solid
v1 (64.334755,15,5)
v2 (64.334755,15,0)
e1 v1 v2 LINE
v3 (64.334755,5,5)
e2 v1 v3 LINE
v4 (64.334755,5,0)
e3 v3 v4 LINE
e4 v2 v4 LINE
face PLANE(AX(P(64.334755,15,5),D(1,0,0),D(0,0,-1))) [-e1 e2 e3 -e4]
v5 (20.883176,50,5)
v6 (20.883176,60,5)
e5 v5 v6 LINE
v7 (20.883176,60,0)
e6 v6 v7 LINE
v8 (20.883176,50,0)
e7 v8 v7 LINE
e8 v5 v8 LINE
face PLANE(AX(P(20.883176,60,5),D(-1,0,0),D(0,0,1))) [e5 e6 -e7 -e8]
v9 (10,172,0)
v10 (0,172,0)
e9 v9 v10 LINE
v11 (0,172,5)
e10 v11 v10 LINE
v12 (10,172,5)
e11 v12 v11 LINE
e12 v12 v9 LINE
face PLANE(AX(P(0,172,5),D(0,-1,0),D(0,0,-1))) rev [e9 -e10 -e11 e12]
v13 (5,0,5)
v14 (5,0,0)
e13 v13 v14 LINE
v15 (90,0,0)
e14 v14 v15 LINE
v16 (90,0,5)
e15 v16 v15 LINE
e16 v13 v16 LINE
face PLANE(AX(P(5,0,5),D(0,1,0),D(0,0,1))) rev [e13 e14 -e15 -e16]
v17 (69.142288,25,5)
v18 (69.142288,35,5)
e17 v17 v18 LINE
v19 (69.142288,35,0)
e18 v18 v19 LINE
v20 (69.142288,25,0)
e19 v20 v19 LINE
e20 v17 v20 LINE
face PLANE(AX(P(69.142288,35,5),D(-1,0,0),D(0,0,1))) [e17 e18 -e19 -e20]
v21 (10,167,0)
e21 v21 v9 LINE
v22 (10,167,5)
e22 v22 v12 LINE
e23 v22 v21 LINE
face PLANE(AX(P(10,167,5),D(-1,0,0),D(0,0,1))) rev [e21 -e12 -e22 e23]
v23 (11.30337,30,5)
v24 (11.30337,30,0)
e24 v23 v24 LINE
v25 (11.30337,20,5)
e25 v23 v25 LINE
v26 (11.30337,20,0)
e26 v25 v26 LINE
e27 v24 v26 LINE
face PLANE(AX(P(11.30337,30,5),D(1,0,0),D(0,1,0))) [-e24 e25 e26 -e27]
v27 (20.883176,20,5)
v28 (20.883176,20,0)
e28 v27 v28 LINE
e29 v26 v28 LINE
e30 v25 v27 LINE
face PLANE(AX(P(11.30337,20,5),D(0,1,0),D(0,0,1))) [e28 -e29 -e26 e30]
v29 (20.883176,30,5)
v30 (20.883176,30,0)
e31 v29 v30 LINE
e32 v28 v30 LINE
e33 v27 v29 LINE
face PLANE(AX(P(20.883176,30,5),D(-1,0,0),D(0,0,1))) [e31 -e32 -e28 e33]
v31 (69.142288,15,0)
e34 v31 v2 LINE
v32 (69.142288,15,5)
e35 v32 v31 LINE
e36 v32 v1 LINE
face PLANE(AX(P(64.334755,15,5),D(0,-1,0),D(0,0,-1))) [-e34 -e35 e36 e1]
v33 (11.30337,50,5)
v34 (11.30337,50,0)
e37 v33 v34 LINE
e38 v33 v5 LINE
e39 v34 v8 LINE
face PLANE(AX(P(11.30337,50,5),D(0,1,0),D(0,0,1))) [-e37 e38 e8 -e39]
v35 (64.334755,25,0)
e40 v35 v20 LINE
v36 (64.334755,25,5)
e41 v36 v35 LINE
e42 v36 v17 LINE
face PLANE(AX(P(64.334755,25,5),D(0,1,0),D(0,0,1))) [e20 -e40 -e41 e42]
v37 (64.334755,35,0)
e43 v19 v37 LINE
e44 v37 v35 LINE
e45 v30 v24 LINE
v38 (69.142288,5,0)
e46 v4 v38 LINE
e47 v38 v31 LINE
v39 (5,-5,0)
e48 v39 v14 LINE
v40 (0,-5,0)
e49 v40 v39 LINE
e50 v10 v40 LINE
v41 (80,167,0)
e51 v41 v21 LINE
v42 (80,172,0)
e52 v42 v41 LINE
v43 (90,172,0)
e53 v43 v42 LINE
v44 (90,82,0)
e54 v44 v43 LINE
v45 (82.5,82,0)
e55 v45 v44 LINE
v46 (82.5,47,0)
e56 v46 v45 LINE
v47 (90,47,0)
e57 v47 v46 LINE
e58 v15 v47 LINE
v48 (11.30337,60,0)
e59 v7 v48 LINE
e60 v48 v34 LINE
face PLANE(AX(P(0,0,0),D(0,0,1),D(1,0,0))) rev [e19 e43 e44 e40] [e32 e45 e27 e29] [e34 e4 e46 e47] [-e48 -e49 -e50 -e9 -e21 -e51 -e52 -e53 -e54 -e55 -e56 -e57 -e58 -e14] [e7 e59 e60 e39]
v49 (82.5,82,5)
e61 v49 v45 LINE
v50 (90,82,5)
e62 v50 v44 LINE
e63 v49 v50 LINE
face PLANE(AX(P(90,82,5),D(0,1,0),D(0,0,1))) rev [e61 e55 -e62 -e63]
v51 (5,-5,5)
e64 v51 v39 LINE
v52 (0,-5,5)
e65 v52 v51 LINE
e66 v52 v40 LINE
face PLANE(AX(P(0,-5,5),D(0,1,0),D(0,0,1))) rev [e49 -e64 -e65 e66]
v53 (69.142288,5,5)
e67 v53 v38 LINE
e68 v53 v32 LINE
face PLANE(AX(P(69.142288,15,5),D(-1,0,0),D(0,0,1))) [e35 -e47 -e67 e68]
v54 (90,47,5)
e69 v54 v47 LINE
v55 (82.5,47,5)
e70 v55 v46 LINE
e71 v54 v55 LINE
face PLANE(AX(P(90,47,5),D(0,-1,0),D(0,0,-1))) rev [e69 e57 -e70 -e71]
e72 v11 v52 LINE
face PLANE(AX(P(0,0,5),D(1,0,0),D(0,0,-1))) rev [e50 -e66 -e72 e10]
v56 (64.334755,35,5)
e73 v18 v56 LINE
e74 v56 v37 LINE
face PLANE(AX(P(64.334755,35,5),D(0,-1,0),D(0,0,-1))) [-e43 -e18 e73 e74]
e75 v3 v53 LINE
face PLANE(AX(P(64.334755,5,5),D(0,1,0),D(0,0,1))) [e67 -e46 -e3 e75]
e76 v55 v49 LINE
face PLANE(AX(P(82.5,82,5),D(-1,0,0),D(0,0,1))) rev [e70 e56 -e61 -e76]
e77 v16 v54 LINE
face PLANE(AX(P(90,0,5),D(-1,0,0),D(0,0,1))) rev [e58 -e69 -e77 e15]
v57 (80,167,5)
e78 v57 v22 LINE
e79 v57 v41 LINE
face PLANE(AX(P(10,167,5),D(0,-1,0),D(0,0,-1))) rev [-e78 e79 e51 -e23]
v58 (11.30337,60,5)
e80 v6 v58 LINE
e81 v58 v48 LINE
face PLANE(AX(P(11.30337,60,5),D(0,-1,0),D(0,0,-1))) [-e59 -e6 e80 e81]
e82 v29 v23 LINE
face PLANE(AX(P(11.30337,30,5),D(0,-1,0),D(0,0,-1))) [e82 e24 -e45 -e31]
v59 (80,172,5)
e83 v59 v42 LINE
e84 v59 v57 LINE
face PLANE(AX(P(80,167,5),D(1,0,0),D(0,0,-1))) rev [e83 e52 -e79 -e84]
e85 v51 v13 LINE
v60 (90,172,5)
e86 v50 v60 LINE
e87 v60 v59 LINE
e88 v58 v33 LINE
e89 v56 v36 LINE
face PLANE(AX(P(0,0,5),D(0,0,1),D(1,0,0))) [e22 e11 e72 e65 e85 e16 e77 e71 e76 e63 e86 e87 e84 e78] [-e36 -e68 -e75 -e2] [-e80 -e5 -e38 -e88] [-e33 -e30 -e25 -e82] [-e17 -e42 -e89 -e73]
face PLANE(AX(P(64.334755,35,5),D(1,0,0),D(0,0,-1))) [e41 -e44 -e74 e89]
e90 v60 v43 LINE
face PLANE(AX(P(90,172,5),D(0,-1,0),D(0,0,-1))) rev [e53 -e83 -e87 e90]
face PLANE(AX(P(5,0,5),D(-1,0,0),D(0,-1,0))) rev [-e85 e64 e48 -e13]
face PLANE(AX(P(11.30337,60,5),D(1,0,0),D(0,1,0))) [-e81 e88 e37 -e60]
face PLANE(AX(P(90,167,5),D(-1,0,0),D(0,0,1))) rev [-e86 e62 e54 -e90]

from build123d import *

# Parameters (mm, degrees)
ESQUISSE1_W        = 4.807532778
ESQUISSE1_H        = 10
ESQUISSE1_W_2      = 9.57980661
BOSS_EXTRU_1_DEPTH = 5


with BuildPart() as part:
    # Esquisse1 → Boss.-Extru.1 (new body)
    with BuildSketch(Plane.XY):
        Polygon((90, 82), (90, 167), (90, 172), (80, 172), (80, 167), (10, 167), (10, 172), (0, 172), (0, 167), (0, 0), (0, -5), (5, -5), (5, 0), (90, 0), (90, 47), (82.5, 47), (82.5, 82), align=None)
        with Locations((66.738521132, 30)):
            Rectangle(ESQUISSE1_W, ESQUISSE1_H, mode=Mode.SUBTRACT)
        with Locations((66.738521132, 10)):
            Rectangle(ESQUISSE1_W, ESQUISSE1_H, mode=Mode.SUBTRACT)
        with Locations((16.093272864, 25)):
            Rectangle(ESQUISSE1_W_2, ESQUISSE1_H, mode=Mode.SUBTRACT)
        with Locations((16.093272864, 55)):
            Rectangle(ESQUISSE1_W_2, ESQUISSE1_H, mode=Mode.SUBTRACT)
    extrude(amount=BOSS_EXTRU_1_DEPTH)


solid = part.part
